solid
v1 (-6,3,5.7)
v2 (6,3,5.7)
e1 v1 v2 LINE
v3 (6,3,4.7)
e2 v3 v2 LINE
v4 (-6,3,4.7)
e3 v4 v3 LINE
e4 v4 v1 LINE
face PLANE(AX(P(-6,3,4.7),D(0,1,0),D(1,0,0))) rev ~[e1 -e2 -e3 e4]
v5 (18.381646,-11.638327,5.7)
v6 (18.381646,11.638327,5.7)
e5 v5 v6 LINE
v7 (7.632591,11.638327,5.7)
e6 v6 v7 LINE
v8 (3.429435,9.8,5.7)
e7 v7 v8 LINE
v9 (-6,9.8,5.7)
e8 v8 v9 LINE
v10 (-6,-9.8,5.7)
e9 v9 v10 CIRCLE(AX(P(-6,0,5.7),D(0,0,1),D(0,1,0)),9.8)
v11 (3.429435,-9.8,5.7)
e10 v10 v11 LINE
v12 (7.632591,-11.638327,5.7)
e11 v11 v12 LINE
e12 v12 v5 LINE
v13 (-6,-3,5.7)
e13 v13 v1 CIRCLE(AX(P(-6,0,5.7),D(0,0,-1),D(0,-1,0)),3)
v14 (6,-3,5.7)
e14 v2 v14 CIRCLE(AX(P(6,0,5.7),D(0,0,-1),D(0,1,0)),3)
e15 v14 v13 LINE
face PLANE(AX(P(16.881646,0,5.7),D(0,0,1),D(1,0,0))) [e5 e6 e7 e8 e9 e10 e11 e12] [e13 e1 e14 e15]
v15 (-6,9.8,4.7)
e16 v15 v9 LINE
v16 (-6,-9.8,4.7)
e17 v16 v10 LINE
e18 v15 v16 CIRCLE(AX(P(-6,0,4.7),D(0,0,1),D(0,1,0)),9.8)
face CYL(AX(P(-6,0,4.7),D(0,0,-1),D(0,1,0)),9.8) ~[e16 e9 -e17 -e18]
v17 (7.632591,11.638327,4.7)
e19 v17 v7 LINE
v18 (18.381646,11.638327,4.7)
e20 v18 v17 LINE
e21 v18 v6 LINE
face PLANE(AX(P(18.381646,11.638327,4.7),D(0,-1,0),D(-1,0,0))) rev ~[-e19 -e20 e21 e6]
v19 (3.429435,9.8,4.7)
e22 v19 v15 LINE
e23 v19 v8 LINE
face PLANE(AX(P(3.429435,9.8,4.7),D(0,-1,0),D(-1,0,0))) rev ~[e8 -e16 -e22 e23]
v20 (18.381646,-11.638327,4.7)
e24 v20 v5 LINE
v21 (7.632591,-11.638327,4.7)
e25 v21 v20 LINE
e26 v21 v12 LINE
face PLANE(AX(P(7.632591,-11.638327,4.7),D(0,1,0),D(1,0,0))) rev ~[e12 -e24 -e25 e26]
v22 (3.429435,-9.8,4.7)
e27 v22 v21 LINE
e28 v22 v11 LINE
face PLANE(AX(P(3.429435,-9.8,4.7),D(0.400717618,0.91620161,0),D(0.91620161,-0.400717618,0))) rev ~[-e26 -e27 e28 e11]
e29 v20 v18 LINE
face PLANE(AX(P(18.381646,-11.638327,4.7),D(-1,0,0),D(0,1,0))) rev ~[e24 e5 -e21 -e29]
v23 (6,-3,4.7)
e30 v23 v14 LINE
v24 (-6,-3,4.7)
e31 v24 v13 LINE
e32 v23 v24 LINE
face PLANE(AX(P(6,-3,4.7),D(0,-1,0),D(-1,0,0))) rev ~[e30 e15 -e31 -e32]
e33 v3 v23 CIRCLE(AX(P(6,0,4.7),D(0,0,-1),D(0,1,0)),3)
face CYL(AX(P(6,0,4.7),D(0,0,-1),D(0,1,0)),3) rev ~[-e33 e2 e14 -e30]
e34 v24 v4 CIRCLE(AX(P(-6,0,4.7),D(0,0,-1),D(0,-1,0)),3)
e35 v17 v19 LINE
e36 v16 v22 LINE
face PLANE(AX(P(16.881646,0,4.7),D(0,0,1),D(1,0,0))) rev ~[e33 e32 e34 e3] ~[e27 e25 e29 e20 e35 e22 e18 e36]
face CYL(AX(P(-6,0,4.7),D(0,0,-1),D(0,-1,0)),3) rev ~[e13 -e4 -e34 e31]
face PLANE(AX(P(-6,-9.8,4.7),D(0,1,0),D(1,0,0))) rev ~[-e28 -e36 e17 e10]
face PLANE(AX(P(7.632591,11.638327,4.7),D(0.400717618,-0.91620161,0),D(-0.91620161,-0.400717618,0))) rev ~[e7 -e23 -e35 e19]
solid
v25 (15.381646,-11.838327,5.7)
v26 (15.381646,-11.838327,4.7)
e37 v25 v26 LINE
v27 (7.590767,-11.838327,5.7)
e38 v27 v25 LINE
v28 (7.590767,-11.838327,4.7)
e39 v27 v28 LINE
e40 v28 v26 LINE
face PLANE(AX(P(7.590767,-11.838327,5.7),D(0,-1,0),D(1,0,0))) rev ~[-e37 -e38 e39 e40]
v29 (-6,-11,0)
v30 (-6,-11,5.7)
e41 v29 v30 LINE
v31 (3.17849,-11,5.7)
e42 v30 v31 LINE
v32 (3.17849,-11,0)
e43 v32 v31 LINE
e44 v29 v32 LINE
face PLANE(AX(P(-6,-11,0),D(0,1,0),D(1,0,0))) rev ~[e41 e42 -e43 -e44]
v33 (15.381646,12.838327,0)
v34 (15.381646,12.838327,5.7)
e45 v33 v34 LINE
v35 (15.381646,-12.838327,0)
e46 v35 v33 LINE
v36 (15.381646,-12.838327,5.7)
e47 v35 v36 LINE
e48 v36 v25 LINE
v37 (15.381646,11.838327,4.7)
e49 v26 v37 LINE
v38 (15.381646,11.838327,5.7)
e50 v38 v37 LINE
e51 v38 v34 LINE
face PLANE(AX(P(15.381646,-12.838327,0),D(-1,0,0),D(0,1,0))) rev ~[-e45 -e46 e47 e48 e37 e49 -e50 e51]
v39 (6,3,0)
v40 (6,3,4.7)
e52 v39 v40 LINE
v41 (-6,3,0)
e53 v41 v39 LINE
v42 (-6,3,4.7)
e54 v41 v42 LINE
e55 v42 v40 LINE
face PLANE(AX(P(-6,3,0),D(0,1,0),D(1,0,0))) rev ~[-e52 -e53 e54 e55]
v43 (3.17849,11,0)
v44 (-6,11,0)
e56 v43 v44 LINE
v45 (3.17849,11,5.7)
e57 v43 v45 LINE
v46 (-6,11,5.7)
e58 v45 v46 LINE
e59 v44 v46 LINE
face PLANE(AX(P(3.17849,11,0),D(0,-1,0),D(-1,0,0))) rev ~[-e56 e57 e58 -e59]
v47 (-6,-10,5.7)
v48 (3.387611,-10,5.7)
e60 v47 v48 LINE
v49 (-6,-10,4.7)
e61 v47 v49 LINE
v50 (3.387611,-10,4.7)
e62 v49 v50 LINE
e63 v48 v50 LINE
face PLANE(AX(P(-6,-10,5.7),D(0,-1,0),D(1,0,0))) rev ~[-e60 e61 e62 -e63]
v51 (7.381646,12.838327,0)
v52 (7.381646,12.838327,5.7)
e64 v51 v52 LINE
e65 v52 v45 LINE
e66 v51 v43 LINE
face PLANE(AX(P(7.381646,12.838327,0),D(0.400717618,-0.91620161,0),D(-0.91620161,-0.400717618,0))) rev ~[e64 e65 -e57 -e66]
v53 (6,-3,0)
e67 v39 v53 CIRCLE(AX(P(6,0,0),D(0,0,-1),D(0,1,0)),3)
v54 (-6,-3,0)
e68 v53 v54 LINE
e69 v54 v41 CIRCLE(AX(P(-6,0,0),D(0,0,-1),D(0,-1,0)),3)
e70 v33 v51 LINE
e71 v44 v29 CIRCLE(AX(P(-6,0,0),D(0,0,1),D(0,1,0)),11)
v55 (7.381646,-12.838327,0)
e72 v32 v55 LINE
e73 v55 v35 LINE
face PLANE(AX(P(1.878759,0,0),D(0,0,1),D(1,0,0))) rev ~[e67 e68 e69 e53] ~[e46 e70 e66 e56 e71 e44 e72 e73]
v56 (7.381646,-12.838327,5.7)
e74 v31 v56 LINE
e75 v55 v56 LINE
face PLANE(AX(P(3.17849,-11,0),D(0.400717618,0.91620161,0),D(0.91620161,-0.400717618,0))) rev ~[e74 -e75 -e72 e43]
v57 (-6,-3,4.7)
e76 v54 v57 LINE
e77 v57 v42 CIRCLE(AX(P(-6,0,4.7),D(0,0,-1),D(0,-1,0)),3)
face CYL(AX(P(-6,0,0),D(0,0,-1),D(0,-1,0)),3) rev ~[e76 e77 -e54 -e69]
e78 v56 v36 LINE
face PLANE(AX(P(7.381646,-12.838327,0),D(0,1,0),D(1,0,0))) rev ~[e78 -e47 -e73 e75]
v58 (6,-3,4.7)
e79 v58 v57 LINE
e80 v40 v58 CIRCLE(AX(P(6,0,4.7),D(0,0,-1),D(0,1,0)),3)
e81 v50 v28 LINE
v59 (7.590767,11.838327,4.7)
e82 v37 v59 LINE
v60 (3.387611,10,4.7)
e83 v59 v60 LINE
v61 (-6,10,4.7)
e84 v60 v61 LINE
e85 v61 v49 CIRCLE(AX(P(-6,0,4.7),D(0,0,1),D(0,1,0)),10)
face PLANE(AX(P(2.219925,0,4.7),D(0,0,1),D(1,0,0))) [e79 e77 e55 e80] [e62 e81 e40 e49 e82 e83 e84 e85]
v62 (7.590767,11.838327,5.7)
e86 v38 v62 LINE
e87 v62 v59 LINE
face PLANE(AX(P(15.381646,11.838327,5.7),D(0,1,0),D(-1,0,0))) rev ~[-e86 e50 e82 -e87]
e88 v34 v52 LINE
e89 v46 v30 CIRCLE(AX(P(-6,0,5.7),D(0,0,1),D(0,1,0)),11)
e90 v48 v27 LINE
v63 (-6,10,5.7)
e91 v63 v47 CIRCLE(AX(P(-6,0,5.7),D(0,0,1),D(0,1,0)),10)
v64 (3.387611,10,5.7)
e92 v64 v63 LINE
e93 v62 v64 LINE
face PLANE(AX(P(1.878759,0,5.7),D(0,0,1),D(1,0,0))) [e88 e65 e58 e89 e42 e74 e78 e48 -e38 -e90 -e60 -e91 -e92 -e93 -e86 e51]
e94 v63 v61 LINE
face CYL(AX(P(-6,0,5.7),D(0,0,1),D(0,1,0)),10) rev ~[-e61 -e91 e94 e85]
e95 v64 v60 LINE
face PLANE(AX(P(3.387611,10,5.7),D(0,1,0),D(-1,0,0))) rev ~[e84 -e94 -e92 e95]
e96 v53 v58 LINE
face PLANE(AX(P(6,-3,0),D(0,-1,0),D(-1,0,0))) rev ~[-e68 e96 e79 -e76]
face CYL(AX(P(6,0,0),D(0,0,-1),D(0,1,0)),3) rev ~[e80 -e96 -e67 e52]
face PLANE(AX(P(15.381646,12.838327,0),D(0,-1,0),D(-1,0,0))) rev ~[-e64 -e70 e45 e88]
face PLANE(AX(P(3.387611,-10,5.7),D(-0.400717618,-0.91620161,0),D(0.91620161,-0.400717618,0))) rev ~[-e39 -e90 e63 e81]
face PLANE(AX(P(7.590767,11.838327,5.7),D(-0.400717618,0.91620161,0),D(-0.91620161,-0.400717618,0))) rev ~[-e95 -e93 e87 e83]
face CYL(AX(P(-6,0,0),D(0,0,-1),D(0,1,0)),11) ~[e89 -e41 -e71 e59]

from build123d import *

# Parameters (mm, degrees)
F1_DEPTH = 5.7
F3_DEPTH = 1
F4_W     = 3
F4_H     = 23.2766547906
F5_DEPTH = 1


with BuildPart() as f1:
    # F0 (on Top) → F1 (new body)
    with BuildSketch(Plane.XY):
        with BuildLine():
            Line((3.1784902789, 11), (-6, 11))
            ThreePointArc((-6, 11), (-17, 0), (-6, -11))
            Line((-6, -11), (3.1784902789, -11))
            Line((3.1784902789, -11), (7.3816459231, -12.8383273953))
            Line((7.3816459231, -12.8383273953), (15.3816459231, -12.8383273953))
            Line((15.3816459231, -12.8383273953), (15.3816459231, 12.8383273953))
            Line((15.3816459231, 12.8383273953), (7.3816459231, 12.8383273953))
            Line((7.3816459231, 12.8383273953), (3.1784902789, 11))
        make_face()
        with BuildLine():
            ThreePointArc((-6, -3), (-9, 0), (-6, 3))
            Line((-6, 3), (6, 3))
            ThreePointArc((6, 3), (9, 0), (6, -3))
            Line((6, -3), (-6, -3))
        make_face(mode=Mode.SUBTRACT)
    extrude(amount=F1_DEPTH)

    # F2 (on face) → F3 (cut)
    with BuildSketch(Plane.XY.offset(5.7)):
        with BuildLine():
            Line((-6, -10), (3.3876110814, -10))
            Line((3.3876110814, -10), (7.5907667256, -11.8383273953))
            Line((7.5907667256, -11.8383273953), (11.9922485031, -11.8383273953))
            Line((11.9922485031, -11.8383273953), (15.3816459231, -11.8383273953))
            Line((15.3816459231, -11.8383273953), (15.3816459231, 11.8383273953))
            Line((15.3816459231, 11.8383273953), (11.9922485031, 11.8383273953))
            Line((11.9922485031, 11.8383273953), (7.5907667256, 11.8383273953))
            Line((7.5907667256, 11.8383273953), (3.3876110814, 10))
            Line((3.3876110814, 10), (-6, 10))
            ThreePointArc((-6, 10), (-16, 0), (-6, -10))
        make_face()
        with BuildLine():
            Line((6, -3), (-6, -3))
            ThreePointArc((-6, -3), (-9, 0), (-6, 3))
            Line((-6, 3), (6, 3))
            ThreePointArc((6, 3), (9, 0), (6, -3))
        make_face(mode=Mode.SUBTRACT)
    extrude(amount=-F3_DEPTH, mode=Mode.SUBTRACT)


with BuildPart() as f5:
    # F4 (on face) → F5 (new body)
    with BuildSketch(Plane.XY.offset(4.7)):
        with Locations((16.8816459231, 0)):
            Rectangle(F4_W, F4_H)
        with BuildLine():
            Line((7.6325908861, -11.6383273953), (15.3816459231, -11.6383273953))
            Line((15.3816459231, -11.6383273953), (15.3816459231, 11.6383273953))
            Line((15.3816459231, 11.6383273953), (7.6325908861, 11.6383273953))
            Line((7.6325908861, 11.6383273953), (3.4294352419, 9.8))
            Line((3.4294352419, 9.8), (-6, 9.8))
            ThreePointArc((-6, 9.8), (-15.8, 0), (-6, -9.8))
            Line((-6, -9.8), (3.4294352419, -9.8))
            Line((3.4294352419, -9.8), (7.6325908861, -11.6383273953))
        make_face()
        with BuildLine():
            ThreePointArc((6, 3), (9, 0), (6, -3))
            Line((6, -3), (-6, -3))
            ThreePointArc((-6, -3), (-9, 0), (-6, 3))
            Line((-6, 3), (6, 3))
        make_face(mode=Mode.SUBTRACT)
    extrude(amount=F5_DEPTH)


solid = Compound([f1.part, f5.part])
